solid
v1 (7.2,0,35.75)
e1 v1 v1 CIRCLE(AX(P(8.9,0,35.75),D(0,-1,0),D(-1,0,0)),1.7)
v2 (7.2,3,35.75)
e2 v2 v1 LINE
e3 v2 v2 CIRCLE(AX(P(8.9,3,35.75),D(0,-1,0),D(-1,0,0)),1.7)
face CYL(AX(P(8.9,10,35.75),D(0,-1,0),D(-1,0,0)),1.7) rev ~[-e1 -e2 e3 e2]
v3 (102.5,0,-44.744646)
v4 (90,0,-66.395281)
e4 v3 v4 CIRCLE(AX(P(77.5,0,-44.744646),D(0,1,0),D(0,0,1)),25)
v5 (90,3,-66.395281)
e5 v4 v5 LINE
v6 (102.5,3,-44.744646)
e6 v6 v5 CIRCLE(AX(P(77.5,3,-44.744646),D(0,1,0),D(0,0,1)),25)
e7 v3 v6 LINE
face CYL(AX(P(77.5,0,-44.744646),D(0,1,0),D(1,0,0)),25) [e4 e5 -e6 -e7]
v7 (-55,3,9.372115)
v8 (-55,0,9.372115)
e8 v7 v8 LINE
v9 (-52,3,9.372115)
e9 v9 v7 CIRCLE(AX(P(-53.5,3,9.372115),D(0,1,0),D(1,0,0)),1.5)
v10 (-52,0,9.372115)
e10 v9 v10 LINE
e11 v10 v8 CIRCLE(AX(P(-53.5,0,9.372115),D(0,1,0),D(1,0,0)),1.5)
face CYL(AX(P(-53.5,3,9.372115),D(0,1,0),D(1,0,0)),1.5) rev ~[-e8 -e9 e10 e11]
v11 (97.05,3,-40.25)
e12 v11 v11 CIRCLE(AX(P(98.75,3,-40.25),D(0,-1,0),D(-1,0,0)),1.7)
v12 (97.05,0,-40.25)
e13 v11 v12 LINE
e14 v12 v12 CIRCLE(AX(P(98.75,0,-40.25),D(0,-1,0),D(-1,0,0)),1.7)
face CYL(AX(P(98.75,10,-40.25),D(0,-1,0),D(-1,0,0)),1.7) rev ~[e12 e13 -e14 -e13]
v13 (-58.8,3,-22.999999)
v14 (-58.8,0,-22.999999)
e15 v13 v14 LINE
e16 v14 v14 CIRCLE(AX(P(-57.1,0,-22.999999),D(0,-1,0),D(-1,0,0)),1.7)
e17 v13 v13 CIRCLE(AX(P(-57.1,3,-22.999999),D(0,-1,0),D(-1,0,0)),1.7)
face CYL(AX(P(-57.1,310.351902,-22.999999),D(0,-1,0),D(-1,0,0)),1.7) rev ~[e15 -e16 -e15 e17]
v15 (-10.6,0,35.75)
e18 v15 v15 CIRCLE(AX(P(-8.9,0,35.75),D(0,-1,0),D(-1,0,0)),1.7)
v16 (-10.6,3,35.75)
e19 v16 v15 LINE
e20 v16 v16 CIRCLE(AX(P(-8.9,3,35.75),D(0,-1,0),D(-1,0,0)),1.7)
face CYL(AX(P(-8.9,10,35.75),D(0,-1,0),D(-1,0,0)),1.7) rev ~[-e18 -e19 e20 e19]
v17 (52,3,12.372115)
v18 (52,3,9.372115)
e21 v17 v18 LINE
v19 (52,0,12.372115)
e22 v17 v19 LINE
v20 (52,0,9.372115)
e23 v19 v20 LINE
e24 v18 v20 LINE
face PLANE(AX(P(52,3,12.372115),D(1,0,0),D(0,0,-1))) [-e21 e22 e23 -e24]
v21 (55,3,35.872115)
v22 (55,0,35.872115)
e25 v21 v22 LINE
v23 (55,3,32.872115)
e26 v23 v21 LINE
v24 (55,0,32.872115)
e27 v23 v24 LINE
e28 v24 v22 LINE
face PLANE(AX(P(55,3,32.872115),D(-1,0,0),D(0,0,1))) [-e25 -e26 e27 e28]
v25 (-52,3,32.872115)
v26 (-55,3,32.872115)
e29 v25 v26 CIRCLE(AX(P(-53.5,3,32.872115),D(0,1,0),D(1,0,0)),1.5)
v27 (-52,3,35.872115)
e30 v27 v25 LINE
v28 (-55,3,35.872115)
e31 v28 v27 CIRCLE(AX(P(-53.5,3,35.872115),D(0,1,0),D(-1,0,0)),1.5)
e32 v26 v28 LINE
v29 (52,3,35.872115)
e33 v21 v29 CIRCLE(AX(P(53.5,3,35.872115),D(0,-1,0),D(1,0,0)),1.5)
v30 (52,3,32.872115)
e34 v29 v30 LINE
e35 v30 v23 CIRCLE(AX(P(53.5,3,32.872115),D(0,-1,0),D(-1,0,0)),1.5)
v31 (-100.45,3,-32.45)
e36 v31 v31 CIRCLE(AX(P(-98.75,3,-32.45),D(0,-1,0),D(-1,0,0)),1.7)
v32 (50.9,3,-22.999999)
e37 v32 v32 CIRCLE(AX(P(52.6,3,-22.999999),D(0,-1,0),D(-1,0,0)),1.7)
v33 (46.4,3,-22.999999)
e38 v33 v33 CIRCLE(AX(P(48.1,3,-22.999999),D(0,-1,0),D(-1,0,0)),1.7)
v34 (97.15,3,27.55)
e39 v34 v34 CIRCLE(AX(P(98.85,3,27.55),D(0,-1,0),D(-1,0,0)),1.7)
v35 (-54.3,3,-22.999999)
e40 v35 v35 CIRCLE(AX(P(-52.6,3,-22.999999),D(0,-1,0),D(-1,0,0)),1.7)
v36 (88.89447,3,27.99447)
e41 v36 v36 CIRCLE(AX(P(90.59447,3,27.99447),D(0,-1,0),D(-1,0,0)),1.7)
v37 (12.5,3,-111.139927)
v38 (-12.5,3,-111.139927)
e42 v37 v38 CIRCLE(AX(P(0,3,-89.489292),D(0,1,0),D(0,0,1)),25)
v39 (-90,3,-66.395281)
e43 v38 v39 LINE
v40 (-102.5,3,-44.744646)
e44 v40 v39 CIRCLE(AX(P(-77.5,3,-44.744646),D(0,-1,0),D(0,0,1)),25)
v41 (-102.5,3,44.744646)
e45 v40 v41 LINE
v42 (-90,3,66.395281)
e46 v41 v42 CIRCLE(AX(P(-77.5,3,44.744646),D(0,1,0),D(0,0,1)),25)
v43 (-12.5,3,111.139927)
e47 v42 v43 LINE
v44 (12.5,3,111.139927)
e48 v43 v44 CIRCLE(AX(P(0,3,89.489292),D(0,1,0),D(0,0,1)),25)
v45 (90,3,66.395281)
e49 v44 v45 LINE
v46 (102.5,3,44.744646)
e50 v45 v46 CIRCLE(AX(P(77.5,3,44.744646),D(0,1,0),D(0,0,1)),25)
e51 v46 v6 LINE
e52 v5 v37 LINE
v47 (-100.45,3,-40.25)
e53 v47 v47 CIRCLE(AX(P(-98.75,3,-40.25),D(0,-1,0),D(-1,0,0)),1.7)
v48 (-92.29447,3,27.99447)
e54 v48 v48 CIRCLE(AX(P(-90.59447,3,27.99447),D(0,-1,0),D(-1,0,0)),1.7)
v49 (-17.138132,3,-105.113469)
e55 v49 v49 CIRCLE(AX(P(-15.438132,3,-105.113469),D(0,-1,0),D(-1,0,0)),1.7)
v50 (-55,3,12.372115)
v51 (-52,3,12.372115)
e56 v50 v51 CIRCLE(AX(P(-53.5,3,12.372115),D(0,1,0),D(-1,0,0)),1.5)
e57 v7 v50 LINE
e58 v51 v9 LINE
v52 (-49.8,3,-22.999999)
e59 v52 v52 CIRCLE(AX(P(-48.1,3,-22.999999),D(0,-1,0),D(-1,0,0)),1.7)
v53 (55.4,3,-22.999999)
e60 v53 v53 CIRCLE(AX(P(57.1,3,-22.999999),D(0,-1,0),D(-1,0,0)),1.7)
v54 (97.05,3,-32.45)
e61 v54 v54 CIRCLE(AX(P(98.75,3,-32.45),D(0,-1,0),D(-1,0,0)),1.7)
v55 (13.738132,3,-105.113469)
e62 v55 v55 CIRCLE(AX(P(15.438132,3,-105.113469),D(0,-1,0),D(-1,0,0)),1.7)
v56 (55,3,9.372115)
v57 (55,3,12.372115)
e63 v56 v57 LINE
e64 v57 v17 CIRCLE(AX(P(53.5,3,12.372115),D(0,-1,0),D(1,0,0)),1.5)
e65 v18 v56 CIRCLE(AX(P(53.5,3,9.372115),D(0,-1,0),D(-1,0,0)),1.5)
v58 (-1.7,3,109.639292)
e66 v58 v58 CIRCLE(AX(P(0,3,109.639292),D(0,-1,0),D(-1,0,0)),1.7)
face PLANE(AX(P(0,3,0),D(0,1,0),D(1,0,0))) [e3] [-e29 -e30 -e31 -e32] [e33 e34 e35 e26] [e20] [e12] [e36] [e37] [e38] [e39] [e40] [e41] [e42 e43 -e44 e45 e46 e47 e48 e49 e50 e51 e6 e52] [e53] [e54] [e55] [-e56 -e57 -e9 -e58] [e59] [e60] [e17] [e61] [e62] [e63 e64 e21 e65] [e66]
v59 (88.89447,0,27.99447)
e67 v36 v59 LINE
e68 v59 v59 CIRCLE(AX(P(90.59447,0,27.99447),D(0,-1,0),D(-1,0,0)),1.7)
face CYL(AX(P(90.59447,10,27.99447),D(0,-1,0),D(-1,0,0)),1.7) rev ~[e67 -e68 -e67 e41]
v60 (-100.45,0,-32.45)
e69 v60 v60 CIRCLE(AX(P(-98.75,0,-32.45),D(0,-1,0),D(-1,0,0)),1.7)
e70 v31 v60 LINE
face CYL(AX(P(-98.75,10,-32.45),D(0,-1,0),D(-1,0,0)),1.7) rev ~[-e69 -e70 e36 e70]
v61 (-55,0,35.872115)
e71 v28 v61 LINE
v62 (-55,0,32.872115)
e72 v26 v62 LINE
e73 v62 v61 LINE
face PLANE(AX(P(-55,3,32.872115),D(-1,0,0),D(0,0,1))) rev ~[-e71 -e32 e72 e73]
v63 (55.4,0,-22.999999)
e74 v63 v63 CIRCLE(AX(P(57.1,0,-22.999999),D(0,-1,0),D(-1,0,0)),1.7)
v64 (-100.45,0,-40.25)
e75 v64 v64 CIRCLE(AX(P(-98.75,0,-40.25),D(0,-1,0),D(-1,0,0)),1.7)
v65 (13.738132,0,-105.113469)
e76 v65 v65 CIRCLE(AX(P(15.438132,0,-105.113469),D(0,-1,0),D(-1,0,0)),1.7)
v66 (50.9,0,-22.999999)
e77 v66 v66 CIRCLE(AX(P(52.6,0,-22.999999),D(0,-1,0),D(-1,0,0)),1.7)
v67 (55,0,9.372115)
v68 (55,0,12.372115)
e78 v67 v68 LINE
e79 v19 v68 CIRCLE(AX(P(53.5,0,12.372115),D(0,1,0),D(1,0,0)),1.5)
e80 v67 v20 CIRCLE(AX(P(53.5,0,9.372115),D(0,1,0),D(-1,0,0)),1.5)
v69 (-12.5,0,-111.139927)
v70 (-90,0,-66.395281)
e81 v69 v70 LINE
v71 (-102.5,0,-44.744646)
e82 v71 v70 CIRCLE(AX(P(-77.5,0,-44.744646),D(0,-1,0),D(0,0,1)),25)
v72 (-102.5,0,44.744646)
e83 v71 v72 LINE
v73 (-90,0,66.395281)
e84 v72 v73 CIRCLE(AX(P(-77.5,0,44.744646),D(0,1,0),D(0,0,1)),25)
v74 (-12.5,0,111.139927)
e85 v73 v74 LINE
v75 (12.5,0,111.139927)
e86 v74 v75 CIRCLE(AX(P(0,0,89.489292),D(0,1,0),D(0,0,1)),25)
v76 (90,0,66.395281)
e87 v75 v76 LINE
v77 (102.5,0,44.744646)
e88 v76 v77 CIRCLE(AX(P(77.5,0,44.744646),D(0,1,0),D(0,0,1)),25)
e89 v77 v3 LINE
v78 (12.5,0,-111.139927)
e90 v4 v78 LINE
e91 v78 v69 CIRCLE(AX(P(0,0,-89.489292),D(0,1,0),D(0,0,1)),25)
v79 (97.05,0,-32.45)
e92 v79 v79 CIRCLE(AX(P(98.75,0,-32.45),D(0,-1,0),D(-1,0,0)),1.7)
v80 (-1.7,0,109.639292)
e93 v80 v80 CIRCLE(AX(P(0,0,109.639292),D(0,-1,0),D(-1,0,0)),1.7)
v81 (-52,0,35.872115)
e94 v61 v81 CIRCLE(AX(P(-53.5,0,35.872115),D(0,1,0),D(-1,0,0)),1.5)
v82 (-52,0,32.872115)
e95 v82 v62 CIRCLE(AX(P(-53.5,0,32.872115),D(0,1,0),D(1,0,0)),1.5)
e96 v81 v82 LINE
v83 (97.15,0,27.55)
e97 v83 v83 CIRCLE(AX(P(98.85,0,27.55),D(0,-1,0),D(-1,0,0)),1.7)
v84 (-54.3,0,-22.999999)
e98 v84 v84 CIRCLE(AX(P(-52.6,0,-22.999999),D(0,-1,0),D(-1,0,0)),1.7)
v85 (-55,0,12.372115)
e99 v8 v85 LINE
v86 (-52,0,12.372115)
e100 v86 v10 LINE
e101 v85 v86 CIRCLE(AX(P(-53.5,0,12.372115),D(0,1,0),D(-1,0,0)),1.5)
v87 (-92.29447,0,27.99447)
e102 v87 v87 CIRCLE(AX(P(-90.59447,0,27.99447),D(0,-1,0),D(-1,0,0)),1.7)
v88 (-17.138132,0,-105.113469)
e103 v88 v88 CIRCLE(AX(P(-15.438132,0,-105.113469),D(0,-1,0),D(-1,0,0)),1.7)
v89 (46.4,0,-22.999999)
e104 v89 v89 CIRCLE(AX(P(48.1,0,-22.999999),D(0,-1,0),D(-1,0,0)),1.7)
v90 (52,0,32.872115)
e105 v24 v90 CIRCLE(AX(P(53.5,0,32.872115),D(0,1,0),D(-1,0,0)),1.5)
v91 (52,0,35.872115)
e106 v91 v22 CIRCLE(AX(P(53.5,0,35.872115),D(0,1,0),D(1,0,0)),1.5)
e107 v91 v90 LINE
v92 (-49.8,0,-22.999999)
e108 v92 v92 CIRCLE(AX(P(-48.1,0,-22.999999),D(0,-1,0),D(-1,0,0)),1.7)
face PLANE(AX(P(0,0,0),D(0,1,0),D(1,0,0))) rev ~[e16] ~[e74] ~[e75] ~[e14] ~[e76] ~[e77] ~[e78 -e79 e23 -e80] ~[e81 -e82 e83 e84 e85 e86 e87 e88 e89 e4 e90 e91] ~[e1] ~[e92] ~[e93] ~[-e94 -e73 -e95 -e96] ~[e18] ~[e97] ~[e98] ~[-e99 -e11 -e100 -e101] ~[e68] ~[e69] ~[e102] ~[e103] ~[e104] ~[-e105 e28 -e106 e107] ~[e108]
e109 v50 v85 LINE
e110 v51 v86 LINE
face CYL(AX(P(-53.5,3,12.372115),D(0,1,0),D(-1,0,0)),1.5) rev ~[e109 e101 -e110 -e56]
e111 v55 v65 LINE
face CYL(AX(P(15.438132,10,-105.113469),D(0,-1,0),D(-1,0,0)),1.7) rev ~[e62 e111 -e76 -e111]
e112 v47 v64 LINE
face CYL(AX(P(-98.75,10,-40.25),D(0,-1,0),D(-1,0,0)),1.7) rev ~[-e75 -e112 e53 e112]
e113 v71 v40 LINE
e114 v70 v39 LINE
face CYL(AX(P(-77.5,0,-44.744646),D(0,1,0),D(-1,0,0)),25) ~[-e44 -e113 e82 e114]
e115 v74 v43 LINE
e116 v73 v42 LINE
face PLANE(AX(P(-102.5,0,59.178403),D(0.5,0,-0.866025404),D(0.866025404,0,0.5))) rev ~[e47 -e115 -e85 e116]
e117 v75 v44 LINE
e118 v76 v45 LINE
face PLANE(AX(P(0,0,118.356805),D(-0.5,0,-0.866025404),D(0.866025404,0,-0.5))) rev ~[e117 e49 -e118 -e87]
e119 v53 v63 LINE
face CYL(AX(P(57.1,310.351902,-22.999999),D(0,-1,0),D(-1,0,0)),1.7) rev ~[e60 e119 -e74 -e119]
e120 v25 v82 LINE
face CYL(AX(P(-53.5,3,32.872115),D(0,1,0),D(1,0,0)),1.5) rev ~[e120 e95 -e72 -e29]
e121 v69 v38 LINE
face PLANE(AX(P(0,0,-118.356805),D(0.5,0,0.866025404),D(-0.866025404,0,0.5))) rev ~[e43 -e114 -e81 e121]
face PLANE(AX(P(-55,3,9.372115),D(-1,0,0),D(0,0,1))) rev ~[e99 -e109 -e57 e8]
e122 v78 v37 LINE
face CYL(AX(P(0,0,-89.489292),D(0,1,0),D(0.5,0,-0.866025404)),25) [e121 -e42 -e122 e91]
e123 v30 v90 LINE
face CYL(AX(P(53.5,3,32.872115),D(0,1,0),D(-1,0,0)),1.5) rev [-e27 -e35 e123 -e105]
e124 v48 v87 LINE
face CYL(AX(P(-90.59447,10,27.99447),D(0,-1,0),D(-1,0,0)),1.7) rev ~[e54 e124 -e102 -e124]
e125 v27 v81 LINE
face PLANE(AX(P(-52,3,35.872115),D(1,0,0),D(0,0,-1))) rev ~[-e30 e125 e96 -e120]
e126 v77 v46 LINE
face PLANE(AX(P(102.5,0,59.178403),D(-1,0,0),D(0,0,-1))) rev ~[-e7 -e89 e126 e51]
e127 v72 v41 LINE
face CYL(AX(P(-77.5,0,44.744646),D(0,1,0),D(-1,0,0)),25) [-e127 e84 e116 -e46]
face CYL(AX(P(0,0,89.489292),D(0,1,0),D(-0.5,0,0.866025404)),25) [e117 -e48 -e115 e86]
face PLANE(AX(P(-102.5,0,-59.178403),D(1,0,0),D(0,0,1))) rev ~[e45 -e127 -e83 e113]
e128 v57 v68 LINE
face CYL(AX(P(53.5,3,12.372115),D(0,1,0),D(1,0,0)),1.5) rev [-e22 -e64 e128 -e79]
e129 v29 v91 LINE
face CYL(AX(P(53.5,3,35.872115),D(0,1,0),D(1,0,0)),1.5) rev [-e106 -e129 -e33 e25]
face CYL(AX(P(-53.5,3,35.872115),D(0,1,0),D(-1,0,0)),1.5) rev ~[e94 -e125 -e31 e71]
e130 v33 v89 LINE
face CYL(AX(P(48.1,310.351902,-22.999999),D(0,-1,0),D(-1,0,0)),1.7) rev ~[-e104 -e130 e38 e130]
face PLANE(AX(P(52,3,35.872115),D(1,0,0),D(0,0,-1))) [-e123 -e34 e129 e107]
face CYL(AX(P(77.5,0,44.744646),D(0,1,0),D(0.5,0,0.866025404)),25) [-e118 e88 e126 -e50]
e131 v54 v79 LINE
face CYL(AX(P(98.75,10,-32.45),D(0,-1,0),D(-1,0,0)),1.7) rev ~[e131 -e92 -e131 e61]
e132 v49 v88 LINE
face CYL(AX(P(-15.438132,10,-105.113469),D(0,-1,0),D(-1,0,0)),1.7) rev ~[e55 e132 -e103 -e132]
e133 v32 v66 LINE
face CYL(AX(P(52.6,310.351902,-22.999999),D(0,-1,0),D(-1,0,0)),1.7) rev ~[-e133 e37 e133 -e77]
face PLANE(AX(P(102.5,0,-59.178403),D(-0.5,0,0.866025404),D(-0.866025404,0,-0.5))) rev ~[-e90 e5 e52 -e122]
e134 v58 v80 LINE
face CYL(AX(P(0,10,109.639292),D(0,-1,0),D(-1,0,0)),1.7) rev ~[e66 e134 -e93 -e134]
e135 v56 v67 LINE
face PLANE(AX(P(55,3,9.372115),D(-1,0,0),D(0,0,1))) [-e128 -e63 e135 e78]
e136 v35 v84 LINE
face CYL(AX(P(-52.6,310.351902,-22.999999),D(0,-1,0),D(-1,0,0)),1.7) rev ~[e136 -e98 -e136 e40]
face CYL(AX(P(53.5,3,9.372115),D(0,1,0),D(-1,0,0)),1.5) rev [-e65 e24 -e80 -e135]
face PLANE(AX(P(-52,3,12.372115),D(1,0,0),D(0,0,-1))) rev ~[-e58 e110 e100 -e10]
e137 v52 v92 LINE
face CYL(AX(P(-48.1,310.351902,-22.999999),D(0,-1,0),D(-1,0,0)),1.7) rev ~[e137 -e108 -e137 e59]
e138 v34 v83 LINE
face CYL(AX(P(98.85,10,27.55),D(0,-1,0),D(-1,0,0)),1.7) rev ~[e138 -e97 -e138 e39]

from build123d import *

# Parameters (mm, degrees)
BOSS_EXTRU_1_DEPTH      = 3
CONG_8_R                = 25
D_GAGEMENT_M31_D        = 3.4
ENL_V_MAT_EXTRU_1_DEPTH = 154.69791124
D_GAGEMENT_M35_D        = 3.4
D_GAGEMENT_M35_DEPTH    = 7
D_GAGEMENT_M35_TIP      = 1.021463052


with BuildPart() as part:
    # Esquisse1 → Boss.-Extru.1 (new body)
    with BuildSketch(Plane(origin=(0, 0, 0), x_dir=(1, 0, 0), z_dir=(0, 1, 0))):
        Polygon((-102.5, 59.178402592), (-102.5, -59.178402592), (0, -118.356805184), (102.5, -59.178402592), (102.5, 59.178402592), (0, 118.356805184), align=None)
    extrude(amount=BOSS_EXTRU_1_DEPTH)

    # Congé8
    cong_8_edges = [part.edges().sort_by_distance(p)[0] for p in [
        (0, 1.5, -118.356805184),
        (102.5, 1.5, -59.178402592),
        (102.5, 1.5, 59.178402592),
        (0, 1.5, 118.356805184),
        (-102.5, 1.5, 59.178402592),
        (-102.5, 1.5, -59.178402592),
    ]]
    fillet(cong_8_edges, radius=CONG_8_R)

    # Dégagement M31 (through all)
    with Locations(Plane(origin=(0, 3, 0), x_dir=(1, 0, 0), z_dir=(0, 1, 0))):
        with Locations((57.1, 22.9999993), (48.1, 22.9999993), (52.6, 22.9999993), (-52.6, 22.9999993), (-48.1, 22.9999993), (-57.1, 22.9999993), (-127.319090426, 28.910605245)):
            Hole(D_GAGEMENT_M31_D / 2)

    # Esquisse4 → Enlèv. mat.-Extru.1 (cut, through all)
    with BuildSketch(Plane(origin=(0, 3, 0), x_dir=(1, 0, 0), z_dir=(0, 1, 0))):
        with BuildLine():
            Line((-55, -9.372115214), (-55, -12.372115214))
            ThreePointArc((-55, -12.372115214), (-53.5, -13.872115214), (-52, -12.372115214))
            Line((-52, -12.372115214), (-52, -9.372115214))
            ThreePointArc((-52, -9.372115214), (-53.5, -7.872115214), (-55, -9.372115214))
        make_face()
        with BuildLine():
            Line((-55, -32.872115214), (-55, -35.872115214))
            ThreePointArc((-55, -35.872115214), (-53.5, -37.372115214), (-52, -35.872115214))
            Line((-52, -35.872115214), (-52, -32.872115214))
            ThreePointArc((-52, -32.872115214), (-53.5, -31.372115214), (-55, -32.872115214))
        make_face()
        with BuildLine():
            Line((55, -9.372115214), (55, -12.372115214))
            ThreePointArc((55, -12.372115214), (53.5, -13.872115214), (52, -12.372115214))
            Line((52, -12.372115214), (52, -9.372115214))
            ThreePointArc((52, -9.372115214), (53.5, -7.872115214), (55, -9.372115214))
        make_face()
        with BuildLine():
            Line((55, -32.872115214), (55, -35.872115214))
            ThreePointArc((55, -35.872115214), (53.5, -37.372115214), (52, -35.872115214))
            Line((52, -35.872115214), (52, -32.872115214))
            ThreePointArc((52, -32.872115214), (53.5, -31.372115214), (55, -32.872115214))
        make_face()
    extrude(amount=-ENL_V_MAT_EXTRU_1_DEPTH, mode=Mode.SUBTRACT)

    # Dégagement M35
    with Locations(Plane(origin=(0, 3, 0), x_dir=(1, 0, 0), z_dir=(0, 1, 0))):
        with Locations((-90.594469683, -27.994469683), (-8.9, -35.75), (8.9, -35.75), (0, -109.639291724), (90.594469683, -27.994469683), (98.85, -27.55), (98.75, 32.45), (98.75, 40.25), (15.43813191, 105.113468551), (-15.43813191, 105.113468551), (-98.75, 32.45), (-98.75, 40.25)):
            Hole(D_GAGEMENT_M35_D / 2, depth=D_GAGEMENT_M35_DEPTH)
            with Locations((0, 0, -(D_GAGEMENT_M35_DEPTH + D_GAGEMENT_M35_TIP / 2))):  # 118° drill point
                Cone(0, D_GAGEMENT_M35_D / 2, D_GAGEMENT_M35_TIP, mode=Mode.SUBTRACT)


solid = part.part
